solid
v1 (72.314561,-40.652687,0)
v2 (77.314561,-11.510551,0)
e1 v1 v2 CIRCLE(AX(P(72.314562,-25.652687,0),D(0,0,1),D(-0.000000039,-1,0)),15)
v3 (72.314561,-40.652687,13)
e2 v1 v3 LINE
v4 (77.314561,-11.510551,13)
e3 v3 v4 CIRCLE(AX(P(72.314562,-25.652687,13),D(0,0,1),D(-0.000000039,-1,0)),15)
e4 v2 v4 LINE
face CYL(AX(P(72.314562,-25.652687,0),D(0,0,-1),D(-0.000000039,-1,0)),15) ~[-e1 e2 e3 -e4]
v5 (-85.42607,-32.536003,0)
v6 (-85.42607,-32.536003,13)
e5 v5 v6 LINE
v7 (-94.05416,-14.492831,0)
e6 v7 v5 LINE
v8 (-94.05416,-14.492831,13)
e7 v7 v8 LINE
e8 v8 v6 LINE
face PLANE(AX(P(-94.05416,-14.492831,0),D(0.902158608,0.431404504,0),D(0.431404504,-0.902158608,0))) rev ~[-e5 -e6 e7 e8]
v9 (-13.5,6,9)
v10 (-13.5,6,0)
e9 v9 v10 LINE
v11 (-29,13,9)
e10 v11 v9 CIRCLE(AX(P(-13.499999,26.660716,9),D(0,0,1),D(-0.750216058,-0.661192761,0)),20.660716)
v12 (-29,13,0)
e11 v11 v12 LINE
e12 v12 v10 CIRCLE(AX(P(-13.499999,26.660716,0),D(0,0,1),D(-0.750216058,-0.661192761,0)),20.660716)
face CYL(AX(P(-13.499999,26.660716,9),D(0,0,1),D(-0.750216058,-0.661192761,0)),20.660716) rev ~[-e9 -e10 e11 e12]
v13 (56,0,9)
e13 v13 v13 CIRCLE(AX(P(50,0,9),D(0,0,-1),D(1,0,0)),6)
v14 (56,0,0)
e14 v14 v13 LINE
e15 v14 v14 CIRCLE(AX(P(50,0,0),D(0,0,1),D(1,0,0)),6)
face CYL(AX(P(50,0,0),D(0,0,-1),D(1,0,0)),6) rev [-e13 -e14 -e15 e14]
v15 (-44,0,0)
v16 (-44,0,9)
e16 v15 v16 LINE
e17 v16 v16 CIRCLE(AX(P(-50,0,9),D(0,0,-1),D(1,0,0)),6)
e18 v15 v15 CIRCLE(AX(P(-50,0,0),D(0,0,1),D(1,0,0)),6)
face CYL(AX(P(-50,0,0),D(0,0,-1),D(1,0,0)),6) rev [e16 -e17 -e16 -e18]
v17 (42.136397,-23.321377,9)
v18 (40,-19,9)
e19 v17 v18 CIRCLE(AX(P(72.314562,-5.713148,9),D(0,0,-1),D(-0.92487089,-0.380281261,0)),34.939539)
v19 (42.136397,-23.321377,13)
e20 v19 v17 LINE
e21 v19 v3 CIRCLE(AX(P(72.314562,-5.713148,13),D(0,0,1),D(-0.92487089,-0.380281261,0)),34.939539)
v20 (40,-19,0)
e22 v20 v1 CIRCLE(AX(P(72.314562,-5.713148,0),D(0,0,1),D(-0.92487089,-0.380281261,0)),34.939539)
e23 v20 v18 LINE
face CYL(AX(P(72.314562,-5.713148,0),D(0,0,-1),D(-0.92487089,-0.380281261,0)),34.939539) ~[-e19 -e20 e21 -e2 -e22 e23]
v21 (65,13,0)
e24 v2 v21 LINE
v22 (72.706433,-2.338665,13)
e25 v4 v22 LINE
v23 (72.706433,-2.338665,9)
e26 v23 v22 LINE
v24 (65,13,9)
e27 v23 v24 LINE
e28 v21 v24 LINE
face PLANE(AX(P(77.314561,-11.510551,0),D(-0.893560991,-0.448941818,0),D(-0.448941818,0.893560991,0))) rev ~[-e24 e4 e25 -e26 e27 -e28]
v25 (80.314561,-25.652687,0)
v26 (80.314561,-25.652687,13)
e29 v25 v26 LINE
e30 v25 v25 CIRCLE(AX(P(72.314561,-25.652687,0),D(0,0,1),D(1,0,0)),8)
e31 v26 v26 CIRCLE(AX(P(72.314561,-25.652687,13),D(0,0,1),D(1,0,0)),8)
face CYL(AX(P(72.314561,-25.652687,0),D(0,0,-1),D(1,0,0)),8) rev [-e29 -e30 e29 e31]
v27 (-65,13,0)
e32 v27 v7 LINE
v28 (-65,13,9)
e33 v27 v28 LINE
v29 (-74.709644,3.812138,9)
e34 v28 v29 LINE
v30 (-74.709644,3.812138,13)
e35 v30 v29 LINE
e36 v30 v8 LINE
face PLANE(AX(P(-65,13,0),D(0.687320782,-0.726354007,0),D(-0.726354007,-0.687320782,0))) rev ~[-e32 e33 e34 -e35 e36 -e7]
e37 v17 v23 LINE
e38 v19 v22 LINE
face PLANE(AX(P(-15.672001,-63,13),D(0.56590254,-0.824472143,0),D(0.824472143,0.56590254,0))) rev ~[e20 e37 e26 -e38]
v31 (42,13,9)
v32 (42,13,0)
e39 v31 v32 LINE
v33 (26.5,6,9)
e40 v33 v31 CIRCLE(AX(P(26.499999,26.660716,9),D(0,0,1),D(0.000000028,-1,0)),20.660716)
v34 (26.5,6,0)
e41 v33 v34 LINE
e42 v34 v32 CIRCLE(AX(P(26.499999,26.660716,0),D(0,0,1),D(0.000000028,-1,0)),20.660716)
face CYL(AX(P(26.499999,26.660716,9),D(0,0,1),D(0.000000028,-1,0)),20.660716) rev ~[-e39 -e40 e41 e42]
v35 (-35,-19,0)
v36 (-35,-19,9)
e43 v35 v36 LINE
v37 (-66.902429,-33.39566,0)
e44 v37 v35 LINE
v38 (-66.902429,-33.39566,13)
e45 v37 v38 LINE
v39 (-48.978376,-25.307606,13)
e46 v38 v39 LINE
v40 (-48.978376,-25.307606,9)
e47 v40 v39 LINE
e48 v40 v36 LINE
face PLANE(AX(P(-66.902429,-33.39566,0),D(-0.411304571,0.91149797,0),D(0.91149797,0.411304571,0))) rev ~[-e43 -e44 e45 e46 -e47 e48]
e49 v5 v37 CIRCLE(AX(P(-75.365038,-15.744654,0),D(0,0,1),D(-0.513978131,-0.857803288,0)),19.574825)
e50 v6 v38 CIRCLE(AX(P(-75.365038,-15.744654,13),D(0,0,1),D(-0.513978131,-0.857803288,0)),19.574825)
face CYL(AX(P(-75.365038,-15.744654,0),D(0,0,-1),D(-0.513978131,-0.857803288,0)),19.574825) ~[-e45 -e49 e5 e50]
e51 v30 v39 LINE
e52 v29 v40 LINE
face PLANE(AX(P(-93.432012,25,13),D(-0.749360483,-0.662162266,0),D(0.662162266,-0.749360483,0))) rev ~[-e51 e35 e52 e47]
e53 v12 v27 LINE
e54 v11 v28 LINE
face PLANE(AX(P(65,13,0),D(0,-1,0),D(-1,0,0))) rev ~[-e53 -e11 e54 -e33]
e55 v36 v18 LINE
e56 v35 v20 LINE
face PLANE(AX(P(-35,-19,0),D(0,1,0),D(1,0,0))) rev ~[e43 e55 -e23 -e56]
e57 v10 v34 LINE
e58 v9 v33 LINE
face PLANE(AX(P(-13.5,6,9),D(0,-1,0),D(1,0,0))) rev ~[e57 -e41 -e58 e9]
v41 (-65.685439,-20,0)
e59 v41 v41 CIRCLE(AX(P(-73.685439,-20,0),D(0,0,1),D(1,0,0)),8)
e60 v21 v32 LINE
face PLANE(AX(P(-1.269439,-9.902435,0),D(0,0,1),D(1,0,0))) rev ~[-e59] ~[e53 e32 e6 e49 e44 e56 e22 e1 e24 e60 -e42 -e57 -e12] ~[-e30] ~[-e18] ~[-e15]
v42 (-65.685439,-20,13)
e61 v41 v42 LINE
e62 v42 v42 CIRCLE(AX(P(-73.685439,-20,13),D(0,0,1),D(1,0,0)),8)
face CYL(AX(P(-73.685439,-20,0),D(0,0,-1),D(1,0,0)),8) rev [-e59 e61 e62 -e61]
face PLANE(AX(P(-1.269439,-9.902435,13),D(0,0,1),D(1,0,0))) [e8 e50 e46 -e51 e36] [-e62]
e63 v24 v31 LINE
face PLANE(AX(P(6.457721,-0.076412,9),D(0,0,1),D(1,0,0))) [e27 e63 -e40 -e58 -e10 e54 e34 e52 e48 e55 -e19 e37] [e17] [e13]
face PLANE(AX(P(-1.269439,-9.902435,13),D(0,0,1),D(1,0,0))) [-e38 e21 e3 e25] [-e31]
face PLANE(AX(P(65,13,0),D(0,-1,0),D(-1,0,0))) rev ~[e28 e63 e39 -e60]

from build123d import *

# Parameters (mm, degrees)
F0_R     = 8
F0_R_2   = 6
F1_DEPTH = 13
F3_DEPTH = 4
F5_DEPTH = 9


with BuildPart() as f1:
    # F0 (on Top) → F1 (new body)
    with BuildSketch(Plane.XY):
        with BuildLine():
            Line((-65, 13), (-94.05416, -14.492831))
            Line((-94.05416, -14.492831), (-85.42607, -32.536003))
            ThreePointArc((-85.42607, -32.536003), (-76.272502, -35.298433), (-66.902429, -33.39566))
            Line((-66.902429, -33.39566), (-35, -19))
            Line((-35, -19), (40, -19))
            ThreePointArc((40, -19), (52.865463, -34.739066), (72.314561, -40.652687))
            ThreePointArc((72.314561, -40.652687), (87.09854, -28.189217), (77.314561, -11.510551))
            Line((77.314561, -11.510551), (65, 13))
            Line((65, 13), (-65, 13))
        make_face()
        with Locations((-73.685439, -20)):
            Circle(F0_R, mode=Mode.SUBTRACT)
        with Locations((72.314561, -25.652687)):
            Circle(F0_R, mode=Mode.SUBTRACT)
        with Locations((-50, 0)):
            Circle(F0_R_2, mode=Mode.SUBTRACT)
        with Locations((50, 0)):
            Circle(F0_R_2, mode=Mode.SUBTRACT)
    extrude(amount=F1_DEPTH)

    # F2 (on face) → F3 (cut)
    with BuildSketch(Plane.XY.offset(13)):
        Polygon((112.536557, 25), (-93.432012, 25), (-15.672001, -63), align=None)
    extrude(amount=-F3_DEPTH, mode=Mode.SUBTRACT)

    # F4 (on face) → F5 (cut, through all)
    with BuildSketch(Plane.XY.offset(9)):
        with BuildLine():
            Line((42, 13), (-29, 13))
            ThreePointArc((-29, 13), (-22.003676, 7.831147), (-13.5, 6))
            Line((-13.5, 6), (26.5, 6))
            ThreePointArc((26.5, 6), (35.003676, 7.831147), (42, 13))
        make_face()
    extrude(amount=-F5_DEPTH, mode=Mode.SUBTRACT)


solid = f1.part
